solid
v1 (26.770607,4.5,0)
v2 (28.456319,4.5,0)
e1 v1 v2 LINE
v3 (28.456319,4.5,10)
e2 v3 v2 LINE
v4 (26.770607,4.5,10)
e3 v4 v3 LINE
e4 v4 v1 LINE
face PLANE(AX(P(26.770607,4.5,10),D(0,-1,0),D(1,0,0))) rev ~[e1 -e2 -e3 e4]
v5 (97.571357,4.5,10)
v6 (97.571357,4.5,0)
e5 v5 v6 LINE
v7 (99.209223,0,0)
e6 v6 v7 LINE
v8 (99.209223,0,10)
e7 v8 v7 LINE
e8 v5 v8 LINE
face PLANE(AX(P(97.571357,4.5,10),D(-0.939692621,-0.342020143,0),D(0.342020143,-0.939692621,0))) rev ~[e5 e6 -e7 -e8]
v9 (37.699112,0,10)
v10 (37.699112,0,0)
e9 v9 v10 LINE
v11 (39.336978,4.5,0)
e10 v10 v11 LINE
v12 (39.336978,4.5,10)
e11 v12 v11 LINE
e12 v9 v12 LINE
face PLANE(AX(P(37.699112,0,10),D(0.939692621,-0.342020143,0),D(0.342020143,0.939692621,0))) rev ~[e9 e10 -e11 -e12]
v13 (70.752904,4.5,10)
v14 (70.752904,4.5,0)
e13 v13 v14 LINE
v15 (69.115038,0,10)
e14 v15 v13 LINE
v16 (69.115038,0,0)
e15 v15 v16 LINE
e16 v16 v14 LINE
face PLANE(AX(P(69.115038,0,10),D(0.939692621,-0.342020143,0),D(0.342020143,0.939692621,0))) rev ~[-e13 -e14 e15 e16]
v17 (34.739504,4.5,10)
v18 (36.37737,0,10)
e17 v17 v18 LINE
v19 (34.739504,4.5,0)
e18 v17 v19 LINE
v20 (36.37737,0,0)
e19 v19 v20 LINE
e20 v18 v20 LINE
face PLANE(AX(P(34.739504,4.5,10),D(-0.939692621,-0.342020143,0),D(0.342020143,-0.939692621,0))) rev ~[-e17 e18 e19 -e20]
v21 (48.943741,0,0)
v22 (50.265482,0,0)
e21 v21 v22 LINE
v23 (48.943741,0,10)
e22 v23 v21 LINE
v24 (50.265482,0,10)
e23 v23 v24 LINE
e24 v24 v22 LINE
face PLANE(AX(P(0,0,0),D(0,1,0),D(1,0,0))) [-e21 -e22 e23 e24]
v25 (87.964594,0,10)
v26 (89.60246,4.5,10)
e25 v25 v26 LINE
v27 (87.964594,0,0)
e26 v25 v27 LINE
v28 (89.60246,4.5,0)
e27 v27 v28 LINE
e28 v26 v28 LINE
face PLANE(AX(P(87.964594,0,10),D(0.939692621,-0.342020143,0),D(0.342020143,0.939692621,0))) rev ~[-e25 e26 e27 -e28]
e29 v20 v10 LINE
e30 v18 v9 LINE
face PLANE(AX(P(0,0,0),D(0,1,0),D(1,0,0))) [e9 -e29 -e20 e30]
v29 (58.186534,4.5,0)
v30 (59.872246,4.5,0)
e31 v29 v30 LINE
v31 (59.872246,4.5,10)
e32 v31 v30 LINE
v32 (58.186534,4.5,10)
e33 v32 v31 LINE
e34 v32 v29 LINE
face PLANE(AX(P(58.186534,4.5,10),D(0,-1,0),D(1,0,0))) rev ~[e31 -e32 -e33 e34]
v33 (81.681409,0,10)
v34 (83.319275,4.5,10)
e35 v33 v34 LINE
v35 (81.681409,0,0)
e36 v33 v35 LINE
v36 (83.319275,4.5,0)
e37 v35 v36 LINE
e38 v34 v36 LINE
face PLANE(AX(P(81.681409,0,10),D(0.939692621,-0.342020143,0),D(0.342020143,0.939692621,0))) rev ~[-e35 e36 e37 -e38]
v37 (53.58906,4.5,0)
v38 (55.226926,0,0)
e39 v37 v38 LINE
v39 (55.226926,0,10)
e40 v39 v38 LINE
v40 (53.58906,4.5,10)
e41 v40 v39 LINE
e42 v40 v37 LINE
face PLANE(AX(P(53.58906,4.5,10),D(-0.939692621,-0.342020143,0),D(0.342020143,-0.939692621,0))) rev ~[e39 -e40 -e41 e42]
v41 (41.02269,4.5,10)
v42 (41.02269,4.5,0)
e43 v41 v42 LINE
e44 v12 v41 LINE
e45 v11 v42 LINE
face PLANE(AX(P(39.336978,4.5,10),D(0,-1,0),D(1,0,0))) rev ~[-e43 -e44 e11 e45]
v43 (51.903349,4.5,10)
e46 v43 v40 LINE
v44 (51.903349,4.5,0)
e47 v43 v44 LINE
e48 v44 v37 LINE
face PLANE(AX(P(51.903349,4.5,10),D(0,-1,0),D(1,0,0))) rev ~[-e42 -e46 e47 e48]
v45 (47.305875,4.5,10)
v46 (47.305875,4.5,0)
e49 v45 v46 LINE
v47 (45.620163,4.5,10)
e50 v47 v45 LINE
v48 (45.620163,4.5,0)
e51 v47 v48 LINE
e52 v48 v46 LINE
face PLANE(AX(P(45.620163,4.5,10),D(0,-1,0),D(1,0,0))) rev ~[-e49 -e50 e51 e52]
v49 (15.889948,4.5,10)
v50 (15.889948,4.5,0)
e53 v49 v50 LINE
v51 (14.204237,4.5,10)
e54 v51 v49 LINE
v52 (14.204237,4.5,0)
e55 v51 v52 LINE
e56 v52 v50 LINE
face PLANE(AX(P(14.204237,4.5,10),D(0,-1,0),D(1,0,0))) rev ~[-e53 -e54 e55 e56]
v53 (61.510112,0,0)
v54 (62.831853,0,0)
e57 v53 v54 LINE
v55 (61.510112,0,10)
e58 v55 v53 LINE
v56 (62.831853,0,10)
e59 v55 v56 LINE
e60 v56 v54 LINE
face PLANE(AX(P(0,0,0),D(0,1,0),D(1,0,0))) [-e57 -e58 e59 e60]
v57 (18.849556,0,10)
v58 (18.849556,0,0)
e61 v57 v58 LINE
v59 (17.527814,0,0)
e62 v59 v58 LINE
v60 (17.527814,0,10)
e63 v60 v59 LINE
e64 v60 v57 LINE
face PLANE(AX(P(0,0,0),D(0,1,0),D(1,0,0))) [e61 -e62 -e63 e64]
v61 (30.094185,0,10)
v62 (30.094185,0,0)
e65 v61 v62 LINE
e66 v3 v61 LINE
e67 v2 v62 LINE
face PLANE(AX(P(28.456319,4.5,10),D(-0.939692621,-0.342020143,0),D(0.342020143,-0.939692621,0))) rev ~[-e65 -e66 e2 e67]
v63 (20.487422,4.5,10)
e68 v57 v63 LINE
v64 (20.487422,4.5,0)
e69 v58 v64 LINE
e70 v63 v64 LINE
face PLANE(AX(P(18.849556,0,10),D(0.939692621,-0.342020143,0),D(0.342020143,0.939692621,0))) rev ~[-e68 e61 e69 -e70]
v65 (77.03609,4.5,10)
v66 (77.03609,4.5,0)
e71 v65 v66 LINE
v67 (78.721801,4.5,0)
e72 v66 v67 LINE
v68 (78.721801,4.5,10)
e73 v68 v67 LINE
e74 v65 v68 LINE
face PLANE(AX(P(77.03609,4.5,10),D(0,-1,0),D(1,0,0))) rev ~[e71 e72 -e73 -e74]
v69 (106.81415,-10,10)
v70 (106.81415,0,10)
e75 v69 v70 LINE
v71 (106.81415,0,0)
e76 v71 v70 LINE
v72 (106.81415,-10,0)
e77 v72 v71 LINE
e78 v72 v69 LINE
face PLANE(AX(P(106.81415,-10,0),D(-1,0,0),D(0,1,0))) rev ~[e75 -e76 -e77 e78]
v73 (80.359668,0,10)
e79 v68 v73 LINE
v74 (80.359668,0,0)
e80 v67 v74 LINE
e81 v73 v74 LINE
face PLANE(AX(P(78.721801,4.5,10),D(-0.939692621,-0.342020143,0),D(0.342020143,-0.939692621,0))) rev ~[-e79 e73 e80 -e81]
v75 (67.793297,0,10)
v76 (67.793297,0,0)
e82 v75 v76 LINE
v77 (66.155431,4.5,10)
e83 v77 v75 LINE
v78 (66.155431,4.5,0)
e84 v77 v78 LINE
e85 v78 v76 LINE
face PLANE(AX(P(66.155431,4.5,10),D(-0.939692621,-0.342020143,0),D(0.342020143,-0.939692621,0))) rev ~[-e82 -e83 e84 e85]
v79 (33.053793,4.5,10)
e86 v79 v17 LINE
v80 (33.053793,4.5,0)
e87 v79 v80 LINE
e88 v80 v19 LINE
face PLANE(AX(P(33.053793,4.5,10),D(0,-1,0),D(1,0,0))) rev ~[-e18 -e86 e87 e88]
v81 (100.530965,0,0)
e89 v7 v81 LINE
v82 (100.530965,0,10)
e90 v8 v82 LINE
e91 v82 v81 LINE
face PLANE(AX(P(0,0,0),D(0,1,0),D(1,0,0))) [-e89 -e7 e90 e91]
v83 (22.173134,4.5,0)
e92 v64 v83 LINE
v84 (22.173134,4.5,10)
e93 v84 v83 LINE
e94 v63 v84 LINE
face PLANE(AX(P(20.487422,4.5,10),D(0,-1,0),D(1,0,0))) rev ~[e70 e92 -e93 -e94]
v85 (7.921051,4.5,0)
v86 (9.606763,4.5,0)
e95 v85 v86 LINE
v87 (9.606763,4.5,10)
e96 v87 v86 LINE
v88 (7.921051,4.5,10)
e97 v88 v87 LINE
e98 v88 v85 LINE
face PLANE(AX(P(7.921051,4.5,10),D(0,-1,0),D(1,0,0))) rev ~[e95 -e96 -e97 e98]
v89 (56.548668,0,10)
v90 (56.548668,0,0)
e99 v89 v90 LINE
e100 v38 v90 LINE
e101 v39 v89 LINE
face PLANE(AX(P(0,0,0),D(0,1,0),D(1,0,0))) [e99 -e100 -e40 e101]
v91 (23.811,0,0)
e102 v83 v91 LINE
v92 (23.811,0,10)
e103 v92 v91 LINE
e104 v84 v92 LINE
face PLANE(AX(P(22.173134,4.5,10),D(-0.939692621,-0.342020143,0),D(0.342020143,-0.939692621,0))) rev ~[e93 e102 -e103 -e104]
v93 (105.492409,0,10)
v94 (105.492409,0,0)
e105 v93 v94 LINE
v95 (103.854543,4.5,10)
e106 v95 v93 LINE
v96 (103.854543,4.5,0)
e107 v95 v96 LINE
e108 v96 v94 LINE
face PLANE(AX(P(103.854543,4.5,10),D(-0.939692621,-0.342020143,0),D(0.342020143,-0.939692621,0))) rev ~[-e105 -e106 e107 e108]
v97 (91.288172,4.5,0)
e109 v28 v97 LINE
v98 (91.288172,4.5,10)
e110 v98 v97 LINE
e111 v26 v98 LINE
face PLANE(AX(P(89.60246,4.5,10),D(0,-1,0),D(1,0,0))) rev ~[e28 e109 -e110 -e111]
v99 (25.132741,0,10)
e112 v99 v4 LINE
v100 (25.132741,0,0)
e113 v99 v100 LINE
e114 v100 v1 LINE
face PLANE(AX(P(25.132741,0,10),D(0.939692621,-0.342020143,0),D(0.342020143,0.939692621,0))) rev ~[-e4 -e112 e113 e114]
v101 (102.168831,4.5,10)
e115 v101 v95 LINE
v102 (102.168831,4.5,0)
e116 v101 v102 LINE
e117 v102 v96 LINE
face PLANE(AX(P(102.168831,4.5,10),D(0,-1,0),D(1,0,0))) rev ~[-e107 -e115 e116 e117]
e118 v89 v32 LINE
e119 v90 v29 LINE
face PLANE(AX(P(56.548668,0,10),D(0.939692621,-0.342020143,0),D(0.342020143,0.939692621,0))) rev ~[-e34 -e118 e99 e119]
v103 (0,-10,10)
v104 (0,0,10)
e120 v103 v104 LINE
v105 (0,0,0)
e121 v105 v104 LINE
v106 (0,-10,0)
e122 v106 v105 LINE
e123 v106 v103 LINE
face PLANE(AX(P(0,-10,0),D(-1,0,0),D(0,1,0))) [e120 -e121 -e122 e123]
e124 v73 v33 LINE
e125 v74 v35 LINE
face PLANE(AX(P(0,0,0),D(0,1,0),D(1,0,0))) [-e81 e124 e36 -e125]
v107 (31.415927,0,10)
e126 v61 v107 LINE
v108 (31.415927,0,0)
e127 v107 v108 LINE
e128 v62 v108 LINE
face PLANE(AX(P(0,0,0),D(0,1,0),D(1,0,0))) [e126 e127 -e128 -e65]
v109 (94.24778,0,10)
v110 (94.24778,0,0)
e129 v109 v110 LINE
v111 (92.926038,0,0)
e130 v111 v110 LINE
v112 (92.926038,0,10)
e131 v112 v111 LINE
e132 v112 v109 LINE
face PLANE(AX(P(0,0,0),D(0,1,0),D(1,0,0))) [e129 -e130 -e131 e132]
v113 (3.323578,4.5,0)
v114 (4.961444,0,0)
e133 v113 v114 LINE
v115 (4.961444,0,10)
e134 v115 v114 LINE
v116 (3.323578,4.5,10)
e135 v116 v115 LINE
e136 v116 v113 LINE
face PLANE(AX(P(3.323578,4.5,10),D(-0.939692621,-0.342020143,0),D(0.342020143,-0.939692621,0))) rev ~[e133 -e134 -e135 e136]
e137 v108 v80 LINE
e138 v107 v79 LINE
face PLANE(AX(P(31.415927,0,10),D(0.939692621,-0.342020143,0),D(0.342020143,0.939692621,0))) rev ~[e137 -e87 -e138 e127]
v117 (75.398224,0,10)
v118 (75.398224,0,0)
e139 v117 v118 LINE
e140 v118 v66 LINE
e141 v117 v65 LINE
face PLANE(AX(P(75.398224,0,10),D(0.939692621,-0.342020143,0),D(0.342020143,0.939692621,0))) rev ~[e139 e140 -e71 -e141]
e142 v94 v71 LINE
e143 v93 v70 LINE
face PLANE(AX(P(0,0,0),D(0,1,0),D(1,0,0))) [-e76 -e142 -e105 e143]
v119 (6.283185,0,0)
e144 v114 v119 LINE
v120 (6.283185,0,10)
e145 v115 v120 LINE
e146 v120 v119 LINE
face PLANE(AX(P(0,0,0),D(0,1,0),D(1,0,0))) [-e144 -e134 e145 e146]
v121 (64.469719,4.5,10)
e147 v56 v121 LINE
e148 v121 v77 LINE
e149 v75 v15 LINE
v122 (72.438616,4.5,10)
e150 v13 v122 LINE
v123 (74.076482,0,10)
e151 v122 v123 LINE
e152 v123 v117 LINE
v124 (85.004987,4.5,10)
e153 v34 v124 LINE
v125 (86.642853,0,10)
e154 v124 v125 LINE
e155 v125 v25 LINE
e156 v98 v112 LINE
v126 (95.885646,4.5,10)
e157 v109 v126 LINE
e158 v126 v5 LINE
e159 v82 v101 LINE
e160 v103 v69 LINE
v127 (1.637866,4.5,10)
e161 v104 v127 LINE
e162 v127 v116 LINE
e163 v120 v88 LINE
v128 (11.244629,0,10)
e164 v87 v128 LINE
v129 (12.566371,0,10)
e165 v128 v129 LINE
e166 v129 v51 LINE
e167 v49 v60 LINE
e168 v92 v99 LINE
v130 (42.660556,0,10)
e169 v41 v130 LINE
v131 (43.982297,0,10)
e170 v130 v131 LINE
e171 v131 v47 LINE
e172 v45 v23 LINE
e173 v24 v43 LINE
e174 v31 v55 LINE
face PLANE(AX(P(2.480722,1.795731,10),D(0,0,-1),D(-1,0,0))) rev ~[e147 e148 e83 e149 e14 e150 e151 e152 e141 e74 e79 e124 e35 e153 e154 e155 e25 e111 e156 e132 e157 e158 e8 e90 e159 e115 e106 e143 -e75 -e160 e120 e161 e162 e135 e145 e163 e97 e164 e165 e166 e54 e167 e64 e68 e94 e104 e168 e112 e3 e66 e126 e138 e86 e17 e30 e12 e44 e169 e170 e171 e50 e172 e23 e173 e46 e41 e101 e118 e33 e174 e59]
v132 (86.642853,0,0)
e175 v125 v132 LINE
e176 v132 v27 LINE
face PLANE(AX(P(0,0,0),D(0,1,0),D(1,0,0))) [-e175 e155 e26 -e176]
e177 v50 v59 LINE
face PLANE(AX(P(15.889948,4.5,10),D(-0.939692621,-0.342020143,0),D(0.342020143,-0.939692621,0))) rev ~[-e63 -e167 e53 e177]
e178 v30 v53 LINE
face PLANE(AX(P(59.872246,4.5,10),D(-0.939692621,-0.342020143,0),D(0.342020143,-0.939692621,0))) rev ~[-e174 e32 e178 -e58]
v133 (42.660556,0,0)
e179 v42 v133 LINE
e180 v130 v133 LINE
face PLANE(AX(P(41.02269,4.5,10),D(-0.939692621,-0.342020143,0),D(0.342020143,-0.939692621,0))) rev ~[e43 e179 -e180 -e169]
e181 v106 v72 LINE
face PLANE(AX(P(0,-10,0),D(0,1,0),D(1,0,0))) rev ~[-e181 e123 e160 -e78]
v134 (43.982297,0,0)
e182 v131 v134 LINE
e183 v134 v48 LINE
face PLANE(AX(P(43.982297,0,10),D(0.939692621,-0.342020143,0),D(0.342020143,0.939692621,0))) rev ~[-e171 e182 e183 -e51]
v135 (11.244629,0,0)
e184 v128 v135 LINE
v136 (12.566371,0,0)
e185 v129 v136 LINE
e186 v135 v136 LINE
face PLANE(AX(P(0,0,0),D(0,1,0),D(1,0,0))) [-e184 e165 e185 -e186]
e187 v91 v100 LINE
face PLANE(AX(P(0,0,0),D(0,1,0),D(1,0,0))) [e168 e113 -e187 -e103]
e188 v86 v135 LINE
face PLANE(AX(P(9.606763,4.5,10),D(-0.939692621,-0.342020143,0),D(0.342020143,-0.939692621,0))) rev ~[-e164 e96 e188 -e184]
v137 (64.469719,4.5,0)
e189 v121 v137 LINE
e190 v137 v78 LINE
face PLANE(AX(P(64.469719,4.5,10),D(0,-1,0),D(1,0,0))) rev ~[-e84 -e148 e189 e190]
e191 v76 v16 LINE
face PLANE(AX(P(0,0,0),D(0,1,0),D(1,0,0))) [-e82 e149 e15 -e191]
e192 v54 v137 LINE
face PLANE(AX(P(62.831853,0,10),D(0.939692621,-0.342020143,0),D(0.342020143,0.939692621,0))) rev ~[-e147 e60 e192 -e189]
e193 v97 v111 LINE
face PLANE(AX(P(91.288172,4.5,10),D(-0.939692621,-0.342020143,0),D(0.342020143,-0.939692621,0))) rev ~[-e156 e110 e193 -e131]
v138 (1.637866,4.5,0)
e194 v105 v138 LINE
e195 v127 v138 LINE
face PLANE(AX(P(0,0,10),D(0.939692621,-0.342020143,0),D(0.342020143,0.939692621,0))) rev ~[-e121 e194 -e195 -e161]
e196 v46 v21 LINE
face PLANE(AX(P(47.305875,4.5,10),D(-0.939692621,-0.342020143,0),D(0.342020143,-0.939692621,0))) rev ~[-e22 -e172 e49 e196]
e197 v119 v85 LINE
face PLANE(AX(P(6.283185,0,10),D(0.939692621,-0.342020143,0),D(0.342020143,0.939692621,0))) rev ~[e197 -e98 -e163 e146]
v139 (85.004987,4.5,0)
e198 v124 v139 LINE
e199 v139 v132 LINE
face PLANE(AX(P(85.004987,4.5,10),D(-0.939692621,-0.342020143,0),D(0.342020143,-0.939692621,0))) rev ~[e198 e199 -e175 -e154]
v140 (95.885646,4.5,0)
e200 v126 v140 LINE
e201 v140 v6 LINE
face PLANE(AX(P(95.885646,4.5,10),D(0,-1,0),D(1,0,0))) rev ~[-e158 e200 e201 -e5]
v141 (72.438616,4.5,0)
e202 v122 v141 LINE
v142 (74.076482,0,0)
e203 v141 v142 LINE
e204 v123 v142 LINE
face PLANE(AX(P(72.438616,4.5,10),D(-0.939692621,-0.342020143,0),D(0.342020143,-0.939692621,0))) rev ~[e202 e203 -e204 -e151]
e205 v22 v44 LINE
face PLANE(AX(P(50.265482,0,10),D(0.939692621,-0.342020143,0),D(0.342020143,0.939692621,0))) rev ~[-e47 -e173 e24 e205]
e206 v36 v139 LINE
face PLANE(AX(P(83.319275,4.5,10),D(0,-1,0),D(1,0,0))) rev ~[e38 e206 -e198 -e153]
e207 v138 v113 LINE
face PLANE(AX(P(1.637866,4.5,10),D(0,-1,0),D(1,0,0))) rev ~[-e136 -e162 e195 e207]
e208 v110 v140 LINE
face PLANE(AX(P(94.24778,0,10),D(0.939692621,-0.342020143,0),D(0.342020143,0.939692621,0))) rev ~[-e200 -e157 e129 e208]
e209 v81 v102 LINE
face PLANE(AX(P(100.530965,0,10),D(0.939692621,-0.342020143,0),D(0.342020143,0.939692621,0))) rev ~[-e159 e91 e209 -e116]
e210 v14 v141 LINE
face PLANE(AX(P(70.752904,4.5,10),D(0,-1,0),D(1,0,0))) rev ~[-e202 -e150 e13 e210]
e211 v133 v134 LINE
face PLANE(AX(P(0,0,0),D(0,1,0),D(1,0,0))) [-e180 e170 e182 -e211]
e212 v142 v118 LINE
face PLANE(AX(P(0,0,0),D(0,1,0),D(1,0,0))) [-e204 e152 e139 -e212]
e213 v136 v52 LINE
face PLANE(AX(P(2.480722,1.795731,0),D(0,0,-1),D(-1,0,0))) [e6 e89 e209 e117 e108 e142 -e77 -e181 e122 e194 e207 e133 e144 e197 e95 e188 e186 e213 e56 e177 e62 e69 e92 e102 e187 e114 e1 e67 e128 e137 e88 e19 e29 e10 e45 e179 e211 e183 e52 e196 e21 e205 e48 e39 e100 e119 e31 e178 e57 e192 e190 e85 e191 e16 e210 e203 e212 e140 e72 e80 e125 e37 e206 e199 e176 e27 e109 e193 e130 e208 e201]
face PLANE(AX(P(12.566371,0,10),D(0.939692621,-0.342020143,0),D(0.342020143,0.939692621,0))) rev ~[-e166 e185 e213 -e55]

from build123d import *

# Parameters (mm, degrees)
SKETCH_1_W             = 106.814150222
SKETCH_1_H             = 10
EXTRUDE_1_DEPTH        = 10
EXTRUDE_2_DEPTH        = 10
PATTERN_LINEAR_1_COUNT = 17
PATTERN_LINEAR_1_PITCH = 6.283185307


with BuildPart() as part:
    # 草图1 → 拉伸1 (new body)
    with BuildSketch(Plane.XY):
        with Locations((53.407075111, -5)):
            Rectangle(SKETCH_1_W, SKETCH_1_H)
    extrude(amount=EXTRUDE_1_DEPTH)

    # 草图2 → 拉伸2 (add)
    with BuildSketch(Plane.XY.offset(10)):
        Polygon((0, 0), (1.637866054, 4.5), (3.323577771, 4.5), (4.961443825, 0), align=None)
    extrude_2 = extrude(amount=-EXTRUDE_2_DEPTH)

    # 阵列(线性)1: 拉伸2 ×17
    with Locations(*[(i * PATTERN_LINEAR_1_PITCH, 0, 0) for i in range(1, PATTERN_LINEAR_1_COUNT)]):
        add(extrude_2)


solid = part.part
